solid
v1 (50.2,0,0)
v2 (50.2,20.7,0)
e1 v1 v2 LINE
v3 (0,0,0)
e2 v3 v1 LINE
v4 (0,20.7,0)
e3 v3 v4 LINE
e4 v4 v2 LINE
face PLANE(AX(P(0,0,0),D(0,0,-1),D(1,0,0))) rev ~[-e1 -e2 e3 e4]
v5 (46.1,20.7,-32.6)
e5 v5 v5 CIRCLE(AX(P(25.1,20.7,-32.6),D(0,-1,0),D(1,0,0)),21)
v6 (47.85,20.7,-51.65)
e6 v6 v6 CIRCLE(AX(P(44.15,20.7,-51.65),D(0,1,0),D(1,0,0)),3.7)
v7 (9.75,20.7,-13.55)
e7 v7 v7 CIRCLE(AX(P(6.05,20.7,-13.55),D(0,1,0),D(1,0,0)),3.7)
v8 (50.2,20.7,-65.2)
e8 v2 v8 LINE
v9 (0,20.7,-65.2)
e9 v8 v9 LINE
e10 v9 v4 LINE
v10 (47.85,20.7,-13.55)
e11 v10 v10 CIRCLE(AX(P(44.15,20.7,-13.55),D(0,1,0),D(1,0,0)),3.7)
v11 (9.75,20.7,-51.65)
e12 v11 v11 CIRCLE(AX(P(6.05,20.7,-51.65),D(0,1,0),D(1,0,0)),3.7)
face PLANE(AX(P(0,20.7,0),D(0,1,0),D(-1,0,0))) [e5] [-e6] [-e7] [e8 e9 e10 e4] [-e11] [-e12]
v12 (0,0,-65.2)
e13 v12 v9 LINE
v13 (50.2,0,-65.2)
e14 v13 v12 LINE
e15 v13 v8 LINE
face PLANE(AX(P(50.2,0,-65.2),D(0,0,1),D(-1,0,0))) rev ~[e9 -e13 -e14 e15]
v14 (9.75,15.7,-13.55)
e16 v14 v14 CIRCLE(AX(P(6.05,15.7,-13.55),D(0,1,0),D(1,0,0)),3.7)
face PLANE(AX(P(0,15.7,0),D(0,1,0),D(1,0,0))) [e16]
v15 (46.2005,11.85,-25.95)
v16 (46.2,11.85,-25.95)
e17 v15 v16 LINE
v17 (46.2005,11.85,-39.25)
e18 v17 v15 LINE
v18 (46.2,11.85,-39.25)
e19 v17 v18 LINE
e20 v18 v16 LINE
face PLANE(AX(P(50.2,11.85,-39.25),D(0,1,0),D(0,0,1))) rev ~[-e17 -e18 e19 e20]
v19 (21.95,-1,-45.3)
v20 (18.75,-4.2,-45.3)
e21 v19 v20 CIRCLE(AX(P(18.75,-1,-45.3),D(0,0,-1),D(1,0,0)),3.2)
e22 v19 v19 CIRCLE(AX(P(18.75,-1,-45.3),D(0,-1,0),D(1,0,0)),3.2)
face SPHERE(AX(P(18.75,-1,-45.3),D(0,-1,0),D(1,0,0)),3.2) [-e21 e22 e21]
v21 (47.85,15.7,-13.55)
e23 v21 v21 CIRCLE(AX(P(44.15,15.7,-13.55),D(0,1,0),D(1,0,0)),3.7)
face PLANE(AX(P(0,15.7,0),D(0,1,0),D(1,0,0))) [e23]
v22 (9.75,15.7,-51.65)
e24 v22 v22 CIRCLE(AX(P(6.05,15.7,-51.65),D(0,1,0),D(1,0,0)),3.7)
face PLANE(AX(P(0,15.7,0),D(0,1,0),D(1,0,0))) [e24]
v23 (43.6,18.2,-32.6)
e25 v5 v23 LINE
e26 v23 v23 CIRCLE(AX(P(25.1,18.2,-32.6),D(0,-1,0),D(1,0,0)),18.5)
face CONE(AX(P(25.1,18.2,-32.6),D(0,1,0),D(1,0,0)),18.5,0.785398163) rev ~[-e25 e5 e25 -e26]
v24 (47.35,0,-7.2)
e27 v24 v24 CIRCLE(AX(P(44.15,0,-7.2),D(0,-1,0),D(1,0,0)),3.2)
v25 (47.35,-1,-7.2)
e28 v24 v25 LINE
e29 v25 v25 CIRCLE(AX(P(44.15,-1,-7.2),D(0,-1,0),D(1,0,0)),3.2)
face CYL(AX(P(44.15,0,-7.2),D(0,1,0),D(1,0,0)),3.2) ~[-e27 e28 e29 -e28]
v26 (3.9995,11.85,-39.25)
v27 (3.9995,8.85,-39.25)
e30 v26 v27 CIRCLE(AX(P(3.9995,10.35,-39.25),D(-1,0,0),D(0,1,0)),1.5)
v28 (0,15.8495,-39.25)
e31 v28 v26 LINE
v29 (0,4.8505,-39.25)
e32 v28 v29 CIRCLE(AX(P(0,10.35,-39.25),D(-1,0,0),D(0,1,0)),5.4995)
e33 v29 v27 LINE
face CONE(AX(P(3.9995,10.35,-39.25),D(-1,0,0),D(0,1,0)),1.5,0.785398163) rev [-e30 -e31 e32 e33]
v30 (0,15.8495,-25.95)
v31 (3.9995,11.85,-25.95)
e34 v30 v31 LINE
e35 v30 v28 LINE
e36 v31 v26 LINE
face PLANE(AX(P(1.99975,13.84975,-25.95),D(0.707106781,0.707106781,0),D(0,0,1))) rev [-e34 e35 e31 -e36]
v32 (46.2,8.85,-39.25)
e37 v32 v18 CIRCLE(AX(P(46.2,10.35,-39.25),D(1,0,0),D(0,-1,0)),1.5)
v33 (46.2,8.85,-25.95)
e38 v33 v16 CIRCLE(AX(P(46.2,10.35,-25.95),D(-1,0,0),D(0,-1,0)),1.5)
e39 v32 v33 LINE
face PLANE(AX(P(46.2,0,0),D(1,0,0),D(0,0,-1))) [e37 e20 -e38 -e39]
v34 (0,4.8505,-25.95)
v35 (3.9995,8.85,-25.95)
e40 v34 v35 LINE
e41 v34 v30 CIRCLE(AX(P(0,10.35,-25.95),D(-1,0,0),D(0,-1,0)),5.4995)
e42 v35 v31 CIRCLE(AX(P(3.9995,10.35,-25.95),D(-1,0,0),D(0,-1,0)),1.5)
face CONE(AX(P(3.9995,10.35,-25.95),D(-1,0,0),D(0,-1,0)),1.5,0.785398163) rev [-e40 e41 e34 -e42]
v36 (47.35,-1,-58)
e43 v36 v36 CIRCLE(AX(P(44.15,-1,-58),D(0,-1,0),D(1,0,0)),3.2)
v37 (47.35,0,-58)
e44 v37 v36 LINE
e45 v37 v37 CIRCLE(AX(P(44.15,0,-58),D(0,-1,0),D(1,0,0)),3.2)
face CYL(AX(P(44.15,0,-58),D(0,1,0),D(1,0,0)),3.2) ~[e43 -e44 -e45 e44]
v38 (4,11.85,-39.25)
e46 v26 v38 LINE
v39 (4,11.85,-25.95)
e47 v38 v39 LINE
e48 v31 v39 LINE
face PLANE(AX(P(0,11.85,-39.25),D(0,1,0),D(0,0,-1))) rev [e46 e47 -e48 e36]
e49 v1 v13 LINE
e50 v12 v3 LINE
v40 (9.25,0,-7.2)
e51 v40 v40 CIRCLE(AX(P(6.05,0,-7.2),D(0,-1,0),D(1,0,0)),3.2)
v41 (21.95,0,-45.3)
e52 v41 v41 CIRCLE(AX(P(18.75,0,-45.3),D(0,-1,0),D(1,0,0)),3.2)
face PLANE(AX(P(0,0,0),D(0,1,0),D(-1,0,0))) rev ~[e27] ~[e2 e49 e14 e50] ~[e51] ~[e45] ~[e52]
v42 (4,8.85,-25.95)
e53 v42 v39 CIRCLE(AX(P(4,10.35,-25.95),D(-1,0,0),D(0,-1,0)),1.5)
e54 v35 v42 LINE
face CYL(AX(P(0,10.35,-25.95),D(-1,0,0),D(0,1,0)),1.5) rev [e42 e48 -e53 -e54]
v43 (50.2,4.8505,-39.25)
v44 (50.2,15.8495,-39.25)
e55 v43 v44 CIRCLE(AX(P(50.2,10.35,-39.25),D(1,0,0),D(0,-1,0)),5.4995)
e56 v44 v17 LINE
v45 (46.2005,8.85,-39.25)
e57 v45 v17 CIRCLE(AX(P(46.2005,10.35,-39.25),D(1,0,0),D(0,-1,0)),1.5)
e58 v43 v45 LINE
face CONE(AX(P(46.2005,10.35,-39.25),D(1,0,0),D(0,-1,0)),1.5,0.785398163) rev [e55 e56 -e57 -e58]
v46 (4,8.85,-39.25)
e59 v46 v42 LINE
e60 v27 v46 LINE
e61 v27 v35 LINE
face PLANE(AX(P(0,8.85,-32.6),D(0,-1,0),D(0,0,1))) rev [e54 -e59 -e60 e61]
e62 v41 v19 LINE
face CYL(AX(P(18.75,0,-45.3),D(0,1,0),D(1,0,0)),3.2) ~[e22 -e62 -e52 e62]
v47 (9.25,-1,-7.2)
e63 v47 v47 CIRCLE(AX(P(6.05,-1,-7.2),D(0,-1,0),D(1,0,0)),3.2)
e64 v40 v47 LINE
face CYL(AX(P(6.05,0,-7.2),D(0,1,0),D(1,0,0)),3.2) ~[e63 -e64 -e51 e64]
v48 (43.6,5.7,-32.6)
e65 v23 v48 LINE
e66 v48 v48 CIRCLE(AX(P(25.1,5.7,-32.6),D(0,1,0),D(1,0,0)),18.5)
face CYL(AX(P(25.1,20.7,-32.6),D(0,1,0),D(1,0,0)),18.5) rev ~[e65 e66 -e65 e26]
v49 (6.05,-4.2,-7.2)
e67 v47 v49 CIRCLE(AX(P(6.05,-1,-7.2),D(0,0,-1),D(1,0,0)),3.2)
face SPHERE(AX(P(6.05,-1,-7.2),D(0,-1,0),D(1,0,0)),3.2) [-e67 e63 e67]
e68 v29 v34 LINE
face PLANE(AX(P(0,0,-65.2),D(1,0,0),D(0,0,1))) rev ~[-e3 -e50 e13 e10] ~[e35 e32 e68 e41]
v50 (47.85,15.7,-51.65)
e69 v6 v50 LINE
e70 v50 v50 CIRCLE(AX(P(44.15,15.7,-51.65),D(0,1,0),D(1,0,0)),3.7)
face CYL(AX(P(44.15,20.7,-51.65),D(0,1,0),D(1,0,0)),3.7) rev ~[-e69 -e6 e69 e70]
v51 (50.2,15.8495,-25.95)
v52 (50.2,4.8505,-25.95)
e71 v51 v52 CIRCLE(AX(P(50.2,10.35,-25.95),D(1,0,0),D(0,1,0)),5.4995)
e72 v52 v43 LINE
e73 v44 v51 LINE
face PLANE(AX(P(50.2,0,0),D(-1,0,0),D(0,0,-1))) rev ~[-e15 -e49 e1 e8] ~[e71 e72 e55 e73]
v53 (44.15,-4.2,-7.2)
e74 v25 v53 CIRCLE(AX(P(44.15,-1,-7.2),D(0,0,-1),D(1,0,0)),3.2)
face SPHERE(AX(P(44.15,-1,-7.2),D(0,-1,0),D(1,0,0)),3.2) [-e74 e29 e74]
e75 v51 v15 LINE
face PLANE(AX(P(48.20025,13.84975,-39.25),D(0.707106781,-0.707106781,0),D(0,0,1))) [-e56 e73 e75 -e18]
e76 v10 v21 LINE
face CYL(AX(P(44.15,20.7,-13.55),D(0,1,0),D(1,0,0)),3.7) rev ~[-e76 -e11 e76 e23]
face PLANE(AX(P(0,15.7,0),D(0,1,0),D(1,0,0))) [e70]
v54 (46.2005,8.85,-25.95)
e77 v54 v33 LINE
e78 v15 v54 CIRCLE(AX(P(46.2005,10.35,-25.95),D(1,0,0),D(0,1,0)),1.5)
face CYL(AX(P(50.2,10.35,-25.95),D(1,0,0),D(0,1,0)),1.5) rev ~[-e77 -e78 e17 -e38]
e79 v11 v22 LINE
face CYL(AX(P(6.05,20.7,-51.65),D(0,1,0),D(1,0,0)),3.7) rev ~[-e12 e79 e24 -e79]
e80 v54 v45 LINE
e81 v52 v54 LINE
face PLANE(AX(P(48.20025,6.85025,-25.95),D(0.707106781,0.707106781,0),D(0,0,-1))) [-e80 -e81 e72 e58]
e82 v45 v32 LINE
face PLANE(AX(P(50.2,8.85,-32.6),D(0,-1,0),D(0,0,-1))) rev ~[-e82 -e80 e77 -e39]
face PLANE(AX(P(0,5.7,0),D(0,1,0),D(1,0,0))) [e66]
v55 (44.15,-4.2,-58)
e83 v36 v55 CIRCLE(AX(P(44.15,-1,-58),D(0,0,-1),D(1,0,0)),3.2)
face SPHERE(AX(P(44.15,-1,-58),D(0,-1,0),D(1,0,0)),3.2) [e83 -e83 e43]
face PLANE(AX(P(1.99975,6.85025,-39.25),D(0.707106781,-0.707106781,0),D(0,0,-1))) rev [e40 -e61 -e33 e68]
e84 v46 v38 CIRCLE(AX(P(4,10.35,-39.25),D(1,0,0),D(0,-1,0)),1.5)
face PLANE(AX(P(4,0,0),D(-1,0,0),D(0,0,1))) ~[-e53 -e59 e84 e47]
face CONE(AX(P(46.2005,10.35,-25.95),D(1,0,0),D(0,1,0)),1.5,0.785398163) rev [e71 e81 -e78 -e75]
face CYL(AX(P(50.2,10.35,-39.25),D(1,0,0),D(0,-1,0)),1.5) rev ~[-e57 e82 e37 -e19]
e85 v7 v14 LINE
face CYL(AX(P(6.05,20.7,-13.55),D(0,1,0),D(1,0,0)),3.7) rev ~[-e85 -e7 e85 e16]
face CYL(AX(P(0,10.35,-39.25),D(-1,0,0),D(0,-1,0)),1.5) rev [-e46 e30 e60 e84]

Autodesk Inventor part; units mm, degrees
ref_plane "YZ Plane" through (0, 0, 0) normal (1, 0, 0) x (0, 1, 0)
ref_plane "XZ Plane" through (0, 0, 0) normal (0, 1, 0) x (-1, 0, 0)
sketch "Boceto1" plane through (0, 0, 0) normal (0, 1, 0) x (-1, 0, 0)
  line L0 (0, 0) -> (-50.2, 0)
  line L1 (-50.2, 0) -> (-50.2, -65.2)
  line L2 (-50.2, -65.2) -> (0, -65.2)
  line L3 (0, -65.2) -> (0, 0)
  dimension "d0" = 50.2
  dimension "d1" = 65.2
extrude "Extrusión1" add sketch "Boceto1" along normal blind 20.7
sketch "Boceto2" plane through (0, 20.7, 0) normal (0, 1, 0) x (1, 0, 0)
  line L0 (-14.4985, 32.6) -> (58.2485, 32.6)
  circle A0 centre (25.1, 32.6) radius 18.5
  line L1 (0, 65.2) -> (0, 0) projected
  line L2 (50.2, 0) -> (50.2, 65.2) projected
  dimension "d7" = 37
  dimension "d62" = 0
  dimension "d63" = 25.1
  dimension "d64" = 25.1
extrude "Extrusión2" cut sketch "Boceto2" against normal blind 15
sketch "Boceto3" plane through (50.2, 0, 0) normal (1, 0, 0) x (0, 0, -1)
  line L0 (32.6, 28.8672) -> (32.6, -9.3744)
  line L1 (-5.2256, 10.35) -> (70.0589, 10.35)
  line L2 (25.95, 10.35) -> (39.25, 10.35) construction
  line L3 (25.95, 8.85) -> (39.25, 8.85)
  line L4 (39.25, 11.85) -> (25.95, 11.85)
  arc A0 (25.95, 11.85) -> (25.95, 8.85) centre (25.95, 10.35) ccw
  arc A1 (39.25, 8.85) -> (39.25, 11.85) centre (39.25, 10.35) ccw
  point P0 (0, 0)
  point P1 (32.6, 10.35)
  point P2 (40.75, 10.35)
  point P3 (24.45, 10.35)
  dimension "d11" = 16.3
  dimension "d12" = 3
  dimension "d13" = 0
extrude "Extrusión3" cut sketch "Boceto3" against normal blind 4
chamfer "Chaflán1" distance 4 angle 45 4 edges at (50.2, 8.85, -32.6) (50.2, 10.35, -24.45) (50.2, 11.85, -32.6) (50.2, 10.35, -40.75)
sketch "Boceto4" plane through (50.2, 0, 0) normal (1, 0, 0) x (0, 0, -1)
  point P0 (0, 0)
ref_plane "Plano de trabajo1" through (25.1, 0, 0) normal (1, 0, 0) x (0, 0, -1)
mirror "Simetría1" about plane through (25.1, 0, 0) normal (1, 0, 0) of "Extrusión3"
chamfer "Chaflán2" distance 4 angle 45 4 edges at (0, 11.85, -32.6) (0, 10.35, -24.45) (0, 8.85, -32.6) (0, 10.35, -40.75)
chamfer "Chaflán3" distance 2.5 angle 45 1 edges at (6.6, 20.7, -32.6)
sketch "Boceto5" plane through (0, 0, 0) normal (0, -1, 0) x (1, 0, 0)
  line L0 (25.1, 22.2035) -> (25.1, -86.3829)
  line L1 (-10.0483, -32.6) -> (59.9656, -32.6)
  circle A0 centre (6.05, -7.2) radius 3.2
  circle A1 centre (44.15, -7.2) radius 3.2
  circle A2 centre (44.15, -58) radius 3.2
  circle A3 centre (18.75, -45.3) radius 3.2
  point P0 (0, 0)
  dimension "d35" = 38.1
  dimension "d36" = 38.1
  dimension "d42" = 6.4
  dimension "d46" = 50.8
  dimension "d47" = 50.8
  dimension "d48" = 12.7
  dimension "d49" = 12.7
extrude "Extrusión4" add sketch "Boceto5" along normal blind 4.2
fillet "Empalme1" radius 3.2 4 edges at (40.95, -4.2, -7.2) (2.85, -4.2, -7.2) (15.55, -4.2, -45.3) (40.95, -4.2, -58)
sketch "Boceto6" plane through (0, 20.7, 0) normal (0, 1, 0) x (1, 0, 0)
  line L0 (50.2, 65.2) -> (0, 65.2) projected
  line L1 (25.1, 65.2) -> (25.1, 0)
  line L2 (0, 0) -> (50.2, 0) projected
  line L3 (0, 39.25) -> (0, 25.95) projected
  line L4 (0, 32.6) -> (50.2, 32.6)
  line L5 (50.2, 39.25) -> (50.2, 25.95) projected
  circle A0 centre (6.05, 51.65) radius 3.7
  circle A1 centre (44.15, 51.65) radius 3.7
  circle A2 centre (44.15, 13.55) radius 3.7
  circle A3 centre (6.05, 13.55) radius 3.7
  dimension "d53" = 7.4
  dimension "d54" = 38.1
  dimension "d55" = 38.1
  dimension "d56" = 38.1
  dimension "d57" = 38.1
  dimension "d58" = 38.1
  dimension "d59" = 38.1
  dimension "d60" = 38.1
  dimension "d61" = 38.1
extrude "Extrusión5" cut sketch "Boceto6" against normal blind 5
properties material "Plastico PETG"
